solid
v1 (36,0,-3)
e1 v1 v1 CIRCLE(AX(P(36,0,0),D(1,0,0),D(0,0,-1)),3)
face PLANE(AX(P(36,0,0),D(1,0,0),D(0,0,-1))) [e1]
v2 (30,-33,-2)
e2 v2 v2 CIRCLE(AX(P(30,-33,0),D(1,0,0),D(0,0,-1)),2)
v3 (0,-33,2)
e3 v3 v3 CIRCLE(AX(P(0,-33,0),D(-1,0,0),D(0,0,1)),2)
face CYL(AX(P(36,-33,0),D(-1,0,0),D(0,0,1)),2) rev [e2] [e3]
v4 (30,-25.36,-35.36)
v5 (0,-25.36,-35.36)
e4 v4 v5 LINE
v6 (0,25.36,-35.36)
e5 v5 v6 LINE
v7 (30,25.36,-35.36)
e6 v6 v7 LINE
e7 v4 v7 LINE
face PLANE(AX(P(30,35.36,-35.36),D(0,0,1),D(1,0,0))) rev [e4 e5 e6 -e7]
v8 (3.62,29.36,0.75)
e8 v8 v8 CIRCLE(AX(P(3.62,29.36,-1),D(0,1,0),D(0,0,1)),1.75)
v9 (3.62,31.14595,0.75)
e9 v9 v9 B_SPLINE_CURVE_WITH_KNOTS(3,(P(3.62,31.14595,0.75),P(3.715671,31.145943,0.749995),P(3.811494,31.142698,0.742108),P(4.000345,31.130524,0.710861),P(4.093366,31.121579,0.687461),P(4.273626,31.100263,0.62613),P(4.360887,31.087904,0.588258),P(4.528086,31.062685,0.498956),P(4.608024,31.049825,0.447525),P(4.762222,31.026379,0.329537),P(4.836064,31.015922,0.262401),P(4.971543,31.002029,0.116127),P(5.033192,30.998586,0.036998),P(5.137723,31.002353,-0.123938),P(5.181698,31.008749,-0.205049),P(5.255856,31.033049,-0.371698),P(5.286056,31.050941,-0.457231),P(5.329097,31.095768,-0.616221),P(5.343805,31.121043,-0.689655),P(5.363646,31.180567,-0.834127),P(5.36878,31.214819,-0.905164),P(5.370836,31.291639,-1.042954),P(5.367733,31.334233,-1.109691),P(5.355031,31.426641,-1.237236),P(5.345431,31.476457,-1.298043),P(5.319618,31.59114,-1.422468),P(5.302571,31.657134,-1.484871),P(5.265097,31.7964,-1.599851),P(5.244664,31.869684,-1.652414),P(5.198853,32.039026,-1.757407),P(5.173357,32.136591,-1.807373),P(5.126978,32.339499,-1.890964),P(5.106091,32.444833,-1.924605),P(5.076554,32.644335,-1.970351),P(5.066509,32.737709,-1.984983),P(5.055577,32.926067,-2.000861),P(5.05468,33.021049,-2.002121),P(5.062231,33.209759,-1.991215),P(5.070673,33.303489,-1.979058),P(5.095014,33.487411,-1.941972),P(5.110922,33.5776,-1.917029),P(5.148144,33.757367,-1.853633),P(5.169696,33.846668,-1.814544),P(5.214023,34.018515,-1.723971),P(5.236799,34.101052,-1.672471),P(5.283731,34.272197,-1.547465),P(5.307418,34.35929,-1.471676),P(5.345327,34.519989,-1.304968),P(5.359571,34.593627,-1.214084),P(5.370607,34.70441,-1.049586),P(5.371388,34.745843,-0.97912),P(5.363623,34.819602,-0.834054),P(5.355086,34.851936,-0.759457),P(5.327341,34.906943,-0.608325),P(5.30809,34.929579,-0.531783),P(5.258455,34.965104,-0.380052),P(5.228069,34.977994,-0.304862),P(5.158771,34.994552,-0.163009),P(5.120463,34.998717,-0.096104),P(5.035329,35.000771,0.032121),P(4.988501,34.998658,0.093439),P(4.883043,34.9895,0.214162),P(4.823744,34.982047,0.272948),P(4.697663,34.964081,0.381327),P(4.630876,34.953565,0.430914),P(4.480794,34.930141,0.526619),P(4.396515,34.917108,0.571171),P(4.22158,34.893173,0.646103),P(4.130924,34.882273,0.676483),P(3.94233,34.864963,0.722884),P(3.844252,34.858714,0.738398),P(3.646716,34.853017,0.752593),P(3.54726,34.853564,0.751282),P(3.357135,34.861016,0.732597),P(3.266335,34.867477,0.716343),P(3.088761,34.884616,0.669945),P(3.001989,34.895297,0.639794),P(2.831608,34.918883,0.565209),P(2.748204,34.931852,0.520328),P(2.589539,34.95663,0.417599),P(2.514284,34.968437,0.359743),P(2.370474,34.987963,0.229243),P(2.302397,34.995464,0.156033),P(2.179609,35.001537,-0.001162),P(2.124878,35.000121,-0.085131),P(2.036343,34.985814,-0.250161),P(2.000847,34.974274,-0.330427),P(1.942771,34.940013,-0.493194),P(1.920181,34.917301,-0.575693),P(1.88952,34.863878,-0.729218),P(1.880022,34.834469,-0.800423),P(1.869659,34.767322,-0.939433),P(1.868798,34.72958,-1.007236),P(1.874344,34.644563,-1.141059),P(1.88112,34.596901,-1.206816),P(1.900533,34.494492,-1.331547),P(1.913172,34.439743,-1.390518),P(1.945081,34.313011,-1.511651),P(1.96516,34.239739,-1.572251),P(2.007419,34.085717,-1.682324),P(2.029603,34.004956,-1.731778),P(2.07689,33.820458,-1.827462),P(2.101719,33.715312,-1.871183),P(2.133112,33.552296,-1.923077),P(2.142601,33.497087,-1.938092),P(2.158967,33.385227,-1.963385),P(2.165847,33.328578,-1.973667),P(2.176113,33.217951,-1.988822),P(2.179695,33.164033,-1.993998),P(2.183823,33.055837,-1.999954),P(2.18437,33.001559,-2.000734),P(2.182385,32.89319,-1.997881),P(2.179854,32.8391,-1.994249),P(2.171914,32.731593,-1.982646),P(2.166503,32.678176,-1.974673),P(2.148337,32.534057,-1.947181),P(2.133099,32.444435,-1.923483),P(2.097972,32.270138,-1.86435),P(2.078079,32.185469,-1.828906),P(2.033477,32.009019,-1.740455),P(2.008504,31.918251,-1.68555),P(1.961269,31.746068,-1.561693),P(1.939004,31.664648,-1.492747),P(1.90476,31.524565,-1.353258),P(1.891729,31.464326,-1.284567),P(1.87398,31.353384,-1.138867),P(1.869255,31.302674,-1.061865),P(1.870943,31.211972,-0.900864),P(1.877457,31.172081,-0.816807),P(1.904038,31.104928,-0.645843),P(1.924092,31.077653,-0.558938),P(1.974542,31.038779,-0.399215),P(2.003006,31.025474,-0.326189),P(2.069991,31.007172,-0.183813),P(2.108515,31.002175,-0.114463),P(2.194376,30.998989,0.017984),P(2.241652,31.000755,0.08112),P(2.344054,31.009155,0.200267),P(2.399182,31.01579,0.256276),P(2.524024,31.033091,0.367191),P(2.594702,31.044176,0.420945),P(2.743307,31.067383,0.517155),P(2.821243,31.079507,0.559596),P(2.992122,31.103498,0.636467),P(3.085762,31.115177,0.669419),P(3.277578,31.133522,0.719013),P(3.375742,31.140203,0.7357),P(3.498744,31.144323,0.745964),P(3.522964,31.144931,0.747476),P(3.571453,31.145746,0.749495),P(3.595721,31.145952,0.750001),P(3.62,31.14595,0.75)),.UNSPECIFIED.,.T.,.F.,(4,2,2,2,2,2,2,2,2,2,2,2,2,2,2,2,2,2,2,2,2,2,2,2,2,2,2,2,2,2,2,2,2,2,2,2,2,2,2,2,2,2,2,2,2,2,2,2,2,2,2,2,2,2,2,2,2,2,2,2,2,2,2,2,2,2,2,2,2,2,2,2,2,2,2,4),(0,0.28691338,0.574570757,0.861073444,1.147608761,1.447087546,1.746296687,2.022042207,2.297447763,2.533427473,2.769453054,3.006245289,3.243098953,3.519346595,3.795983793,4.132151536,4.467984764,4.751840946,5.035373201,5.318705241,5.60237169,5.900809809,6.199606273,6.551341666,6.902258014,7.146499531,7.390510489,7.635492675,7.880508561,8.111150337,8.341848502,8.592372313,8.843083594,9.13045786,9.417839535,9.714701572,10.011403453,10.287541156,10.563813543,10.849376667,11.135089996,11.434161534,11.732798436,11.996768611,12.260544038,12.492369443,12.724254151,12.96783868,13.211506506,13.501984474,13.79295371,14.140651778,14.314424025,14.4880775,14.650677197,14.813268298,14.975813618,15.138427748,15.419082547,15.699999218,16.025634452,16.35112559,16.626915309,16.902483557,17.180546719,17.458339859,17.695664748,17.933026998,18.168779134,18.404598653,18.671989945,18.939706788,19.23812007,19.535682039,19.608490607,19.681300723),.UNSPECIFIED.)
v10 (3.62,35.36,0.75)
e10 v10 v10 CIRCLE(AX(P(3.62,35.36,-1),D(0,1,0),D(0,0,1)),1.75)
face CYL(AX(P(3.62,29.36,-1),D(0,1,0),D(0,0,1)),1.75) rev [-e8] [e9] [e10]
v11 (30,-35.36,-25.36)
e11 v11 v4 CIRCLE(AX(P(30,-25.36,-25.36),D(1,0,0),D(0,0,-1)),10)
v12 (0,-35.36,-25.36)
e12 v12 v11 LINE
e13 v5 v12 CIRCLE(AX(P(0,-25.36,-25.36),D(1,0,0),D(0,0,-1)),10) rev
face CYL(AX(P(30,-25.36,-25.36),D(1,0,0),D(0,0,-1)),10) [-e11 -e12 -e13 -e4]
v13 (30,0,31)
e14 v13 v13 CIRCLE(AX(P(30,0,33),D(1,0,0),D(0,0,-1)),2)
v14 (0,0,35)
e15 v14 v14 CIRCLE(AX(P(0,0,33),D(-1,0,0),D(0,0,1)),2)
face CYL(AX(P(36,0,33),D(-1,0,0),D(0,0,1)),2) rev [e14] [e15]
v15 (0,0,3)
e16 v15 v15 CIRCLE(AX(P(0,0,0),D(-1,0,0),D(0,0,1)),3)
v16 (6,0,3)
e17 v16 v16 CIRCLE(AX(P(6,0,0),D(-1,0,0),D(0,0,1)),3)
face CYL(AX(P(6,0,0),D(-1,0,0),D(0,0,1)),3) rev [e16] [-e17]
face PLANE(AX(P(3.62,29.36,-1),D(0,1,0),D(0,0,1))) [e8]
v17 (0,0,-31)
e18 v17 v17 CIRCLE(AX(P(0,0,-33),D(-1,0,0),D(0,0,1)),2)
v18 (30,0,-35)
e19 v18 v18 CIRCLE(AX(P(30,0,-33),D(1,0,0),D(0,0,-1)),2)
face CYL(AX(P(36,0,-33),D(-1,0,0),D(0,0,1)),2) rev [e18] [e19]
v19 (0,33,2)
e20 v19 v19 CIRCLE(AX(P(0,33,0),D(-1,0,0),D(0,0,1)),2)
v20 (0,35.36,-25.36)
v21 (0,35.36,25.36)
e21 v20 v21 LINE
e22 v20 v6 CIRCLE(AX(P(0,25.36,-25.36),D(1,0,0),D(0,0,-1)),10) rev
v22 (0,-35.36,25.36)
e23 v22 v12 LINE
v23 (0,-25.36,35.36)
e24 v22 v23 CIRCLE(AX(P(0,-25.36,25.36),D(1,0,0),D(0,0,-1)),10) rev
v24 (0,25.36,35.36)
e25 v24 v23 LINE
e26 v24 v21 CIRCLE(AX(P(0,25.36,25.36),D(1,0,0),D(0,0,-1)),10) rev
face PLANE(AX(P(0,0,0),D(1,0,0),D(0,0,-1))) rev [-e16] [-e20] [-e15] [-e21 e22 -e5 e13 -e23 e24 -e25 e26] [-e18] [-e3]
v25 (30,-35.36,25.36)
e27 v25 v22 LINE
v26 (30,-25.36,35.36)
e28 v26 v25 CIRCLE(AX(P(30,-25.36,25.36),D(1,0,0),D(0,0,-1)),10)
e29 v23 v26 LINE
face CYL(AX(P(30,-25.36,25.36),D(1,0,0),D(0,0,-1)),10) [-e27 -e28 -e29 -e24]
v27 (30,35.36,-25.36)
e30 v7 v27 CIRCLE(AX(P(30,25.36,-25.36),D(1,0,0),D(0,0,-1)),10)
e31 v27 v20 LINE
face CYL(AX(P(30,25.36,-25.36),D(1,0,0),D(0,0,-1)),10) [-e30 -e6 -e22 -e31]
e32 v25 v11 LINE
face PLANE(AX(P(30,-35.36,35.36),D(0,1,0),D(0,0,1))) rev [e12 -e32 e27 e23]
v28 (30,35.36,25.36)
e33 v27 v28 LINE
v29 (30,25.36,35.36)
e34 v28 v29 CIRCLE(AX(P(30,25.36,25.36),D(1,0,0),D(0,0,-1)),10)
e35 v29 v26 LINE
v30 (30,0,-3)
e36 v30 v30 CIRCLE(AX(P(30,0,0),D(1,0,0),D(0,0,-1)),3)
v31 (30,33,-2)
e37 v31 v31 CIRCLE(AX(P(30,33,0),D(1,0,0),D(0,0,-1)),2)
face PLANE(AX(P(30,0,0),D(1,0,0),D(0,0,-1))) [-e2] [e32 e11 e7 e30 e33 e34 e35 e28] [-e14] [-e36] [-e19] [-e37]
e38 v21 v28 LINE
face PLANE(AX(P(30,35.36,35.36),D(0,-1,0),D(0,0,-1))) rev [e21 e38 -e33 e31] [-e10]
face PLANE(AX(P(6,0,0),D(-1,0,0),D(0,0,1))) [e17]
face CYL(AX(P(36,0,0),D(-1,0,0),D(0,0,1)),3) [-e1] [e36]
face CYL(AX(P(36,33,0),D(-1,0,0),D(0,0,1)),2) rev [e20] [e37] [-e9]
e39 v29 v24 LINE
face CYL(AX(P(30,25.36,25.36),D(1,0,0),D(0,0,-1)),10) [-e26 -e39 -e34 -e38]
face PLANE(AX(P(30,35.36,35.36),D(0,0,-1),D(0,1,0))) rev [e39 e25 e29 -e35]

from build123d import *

# Parameters (mm, degrees)
SKETCH_1_W               = 70.72
SKETCH_1_H               = 70.72
EXTRUDE_1_DEPTH          = 30
SKETCH_2_R               = 3
CUT_EXTRUDE_1_DEPTH      = 6
SKETCH_3_R               = 3
EXTRUDE_2_DEPTH          = 6
SKETCH_5_R               = 1.75
CUT_EXTRUDE_2_DEPTH      = 6
CUT_EXTRUDE_3_DEPTH      = 59.315171268
CUT_EXTRUDE_3_DEPTH_BACK = 59.315171268
SKETCH_7_R               = 2
FILLET_1_R               = 10
FILLET_2_R               = 10
FILLET_3_R               = 10
FILLET_4_R               = 10


with BuildPart() as part:
    # 草图1 → 凸台-拉伸1 (new body)
    with BuildSketch(Plane(origin=(0, 0, 0), x_dir=(0, 0, -1), z_dir=(1, 0, 0))):
        Rectangle(SKETCH_1_W, SKETCH_1_H)
    extrude(amount=EXTRUDE_1_DEPTH)

    # 草图2 → 切除-拉伸1 (cut)
    with BuildSketch(Plane.ZY):
        Circle(SKETCH_2_R)
    extrude(amount=-CUT_EXTRUDE_1_DEPTH, mode=Mode.SUBTRACT)

    # 草图3 → 凸台-拉伸2 (add)
    with BuildSketch(Plane(origin=(30, 0, 0), x_dir=(0, 0, -1), z_dir=(1, 0, 0))):
        with Locations(Location((0, 0, 0), (0, 0, 180))):
            Circle(SKETCH_3_R)
    extrude(amount=EXTRUDE_2_DEPTH)

    # 草图5 → 切除-拉伸2 (cut)
    with BuildSketch(Plane(origin=(0, 35.36, 0), x_dir=(1, 0, 0), z_dir=(0, 1, 0))):
        with Locations(Location((3.62, 1, 0), (0, 0, 270))):
            Circle(SKETCH_5_R)
    extrude(amount=-CUT_EXTRUDE_2_DEPTH, mode=Mode.SUBTRACT)

    # 草图7 → 切除-拉伸3 (cut, two sides: drawn at the far end of the back side and taken through both)
    with BuildSketch(Plane.ZY.offset(-6).offset(-CUT_EXTRUDE_3_DEPTH_BACK)):
        with Locations((0, 33)):
            Circle(SKETCH_7_R)
        with Locations((33, 0)):
            Circle(SKETCH_7_R)
        with Locations((0, -33)):
            Circle(SKETCH_7_R)
        with Locations((-33, 0)):
            Circle(SKETCH_7_R)
    extrude(amount=CUT_EXTRUDE_3_DEPTH + CUT_EXTRUDE_3_DEPTH_BACK, mode=Mode.SUBTRACT)

    # 圆角1
    fillet_1_edges = [part.edges().sort_by_distance(p)[0] for p in [
        (15, 35.36, -35.36),
    ]]
    fillet(fillet_1_edges, radius=FILLET_1_R)

    # 圆角2
    fillet_2_edges = [part.edges().sort_by_distance(p)[0] for p in [
        (15, -35.36, -35.36),
    ]]
    fillet(fillet_2_edges, radius=FILLET_2_R)

    # 圆角3
    fillet_3_edges = [part.edges().sort_by_distance(p)[0] for p in [
        (15, -35.36, 35.36),
    ]]
    fillet(fillet_3_edges, radius=FILLET_3_R)

    # 圆角4
    fillet_4_edges = [part.edges().sort_by_distance(p)[0] for p in [
        (15, 35.36, 35.36),
    ]]
    fillet(fillet_4_edges, radius=FILLET_4_R)


solid = part.part
